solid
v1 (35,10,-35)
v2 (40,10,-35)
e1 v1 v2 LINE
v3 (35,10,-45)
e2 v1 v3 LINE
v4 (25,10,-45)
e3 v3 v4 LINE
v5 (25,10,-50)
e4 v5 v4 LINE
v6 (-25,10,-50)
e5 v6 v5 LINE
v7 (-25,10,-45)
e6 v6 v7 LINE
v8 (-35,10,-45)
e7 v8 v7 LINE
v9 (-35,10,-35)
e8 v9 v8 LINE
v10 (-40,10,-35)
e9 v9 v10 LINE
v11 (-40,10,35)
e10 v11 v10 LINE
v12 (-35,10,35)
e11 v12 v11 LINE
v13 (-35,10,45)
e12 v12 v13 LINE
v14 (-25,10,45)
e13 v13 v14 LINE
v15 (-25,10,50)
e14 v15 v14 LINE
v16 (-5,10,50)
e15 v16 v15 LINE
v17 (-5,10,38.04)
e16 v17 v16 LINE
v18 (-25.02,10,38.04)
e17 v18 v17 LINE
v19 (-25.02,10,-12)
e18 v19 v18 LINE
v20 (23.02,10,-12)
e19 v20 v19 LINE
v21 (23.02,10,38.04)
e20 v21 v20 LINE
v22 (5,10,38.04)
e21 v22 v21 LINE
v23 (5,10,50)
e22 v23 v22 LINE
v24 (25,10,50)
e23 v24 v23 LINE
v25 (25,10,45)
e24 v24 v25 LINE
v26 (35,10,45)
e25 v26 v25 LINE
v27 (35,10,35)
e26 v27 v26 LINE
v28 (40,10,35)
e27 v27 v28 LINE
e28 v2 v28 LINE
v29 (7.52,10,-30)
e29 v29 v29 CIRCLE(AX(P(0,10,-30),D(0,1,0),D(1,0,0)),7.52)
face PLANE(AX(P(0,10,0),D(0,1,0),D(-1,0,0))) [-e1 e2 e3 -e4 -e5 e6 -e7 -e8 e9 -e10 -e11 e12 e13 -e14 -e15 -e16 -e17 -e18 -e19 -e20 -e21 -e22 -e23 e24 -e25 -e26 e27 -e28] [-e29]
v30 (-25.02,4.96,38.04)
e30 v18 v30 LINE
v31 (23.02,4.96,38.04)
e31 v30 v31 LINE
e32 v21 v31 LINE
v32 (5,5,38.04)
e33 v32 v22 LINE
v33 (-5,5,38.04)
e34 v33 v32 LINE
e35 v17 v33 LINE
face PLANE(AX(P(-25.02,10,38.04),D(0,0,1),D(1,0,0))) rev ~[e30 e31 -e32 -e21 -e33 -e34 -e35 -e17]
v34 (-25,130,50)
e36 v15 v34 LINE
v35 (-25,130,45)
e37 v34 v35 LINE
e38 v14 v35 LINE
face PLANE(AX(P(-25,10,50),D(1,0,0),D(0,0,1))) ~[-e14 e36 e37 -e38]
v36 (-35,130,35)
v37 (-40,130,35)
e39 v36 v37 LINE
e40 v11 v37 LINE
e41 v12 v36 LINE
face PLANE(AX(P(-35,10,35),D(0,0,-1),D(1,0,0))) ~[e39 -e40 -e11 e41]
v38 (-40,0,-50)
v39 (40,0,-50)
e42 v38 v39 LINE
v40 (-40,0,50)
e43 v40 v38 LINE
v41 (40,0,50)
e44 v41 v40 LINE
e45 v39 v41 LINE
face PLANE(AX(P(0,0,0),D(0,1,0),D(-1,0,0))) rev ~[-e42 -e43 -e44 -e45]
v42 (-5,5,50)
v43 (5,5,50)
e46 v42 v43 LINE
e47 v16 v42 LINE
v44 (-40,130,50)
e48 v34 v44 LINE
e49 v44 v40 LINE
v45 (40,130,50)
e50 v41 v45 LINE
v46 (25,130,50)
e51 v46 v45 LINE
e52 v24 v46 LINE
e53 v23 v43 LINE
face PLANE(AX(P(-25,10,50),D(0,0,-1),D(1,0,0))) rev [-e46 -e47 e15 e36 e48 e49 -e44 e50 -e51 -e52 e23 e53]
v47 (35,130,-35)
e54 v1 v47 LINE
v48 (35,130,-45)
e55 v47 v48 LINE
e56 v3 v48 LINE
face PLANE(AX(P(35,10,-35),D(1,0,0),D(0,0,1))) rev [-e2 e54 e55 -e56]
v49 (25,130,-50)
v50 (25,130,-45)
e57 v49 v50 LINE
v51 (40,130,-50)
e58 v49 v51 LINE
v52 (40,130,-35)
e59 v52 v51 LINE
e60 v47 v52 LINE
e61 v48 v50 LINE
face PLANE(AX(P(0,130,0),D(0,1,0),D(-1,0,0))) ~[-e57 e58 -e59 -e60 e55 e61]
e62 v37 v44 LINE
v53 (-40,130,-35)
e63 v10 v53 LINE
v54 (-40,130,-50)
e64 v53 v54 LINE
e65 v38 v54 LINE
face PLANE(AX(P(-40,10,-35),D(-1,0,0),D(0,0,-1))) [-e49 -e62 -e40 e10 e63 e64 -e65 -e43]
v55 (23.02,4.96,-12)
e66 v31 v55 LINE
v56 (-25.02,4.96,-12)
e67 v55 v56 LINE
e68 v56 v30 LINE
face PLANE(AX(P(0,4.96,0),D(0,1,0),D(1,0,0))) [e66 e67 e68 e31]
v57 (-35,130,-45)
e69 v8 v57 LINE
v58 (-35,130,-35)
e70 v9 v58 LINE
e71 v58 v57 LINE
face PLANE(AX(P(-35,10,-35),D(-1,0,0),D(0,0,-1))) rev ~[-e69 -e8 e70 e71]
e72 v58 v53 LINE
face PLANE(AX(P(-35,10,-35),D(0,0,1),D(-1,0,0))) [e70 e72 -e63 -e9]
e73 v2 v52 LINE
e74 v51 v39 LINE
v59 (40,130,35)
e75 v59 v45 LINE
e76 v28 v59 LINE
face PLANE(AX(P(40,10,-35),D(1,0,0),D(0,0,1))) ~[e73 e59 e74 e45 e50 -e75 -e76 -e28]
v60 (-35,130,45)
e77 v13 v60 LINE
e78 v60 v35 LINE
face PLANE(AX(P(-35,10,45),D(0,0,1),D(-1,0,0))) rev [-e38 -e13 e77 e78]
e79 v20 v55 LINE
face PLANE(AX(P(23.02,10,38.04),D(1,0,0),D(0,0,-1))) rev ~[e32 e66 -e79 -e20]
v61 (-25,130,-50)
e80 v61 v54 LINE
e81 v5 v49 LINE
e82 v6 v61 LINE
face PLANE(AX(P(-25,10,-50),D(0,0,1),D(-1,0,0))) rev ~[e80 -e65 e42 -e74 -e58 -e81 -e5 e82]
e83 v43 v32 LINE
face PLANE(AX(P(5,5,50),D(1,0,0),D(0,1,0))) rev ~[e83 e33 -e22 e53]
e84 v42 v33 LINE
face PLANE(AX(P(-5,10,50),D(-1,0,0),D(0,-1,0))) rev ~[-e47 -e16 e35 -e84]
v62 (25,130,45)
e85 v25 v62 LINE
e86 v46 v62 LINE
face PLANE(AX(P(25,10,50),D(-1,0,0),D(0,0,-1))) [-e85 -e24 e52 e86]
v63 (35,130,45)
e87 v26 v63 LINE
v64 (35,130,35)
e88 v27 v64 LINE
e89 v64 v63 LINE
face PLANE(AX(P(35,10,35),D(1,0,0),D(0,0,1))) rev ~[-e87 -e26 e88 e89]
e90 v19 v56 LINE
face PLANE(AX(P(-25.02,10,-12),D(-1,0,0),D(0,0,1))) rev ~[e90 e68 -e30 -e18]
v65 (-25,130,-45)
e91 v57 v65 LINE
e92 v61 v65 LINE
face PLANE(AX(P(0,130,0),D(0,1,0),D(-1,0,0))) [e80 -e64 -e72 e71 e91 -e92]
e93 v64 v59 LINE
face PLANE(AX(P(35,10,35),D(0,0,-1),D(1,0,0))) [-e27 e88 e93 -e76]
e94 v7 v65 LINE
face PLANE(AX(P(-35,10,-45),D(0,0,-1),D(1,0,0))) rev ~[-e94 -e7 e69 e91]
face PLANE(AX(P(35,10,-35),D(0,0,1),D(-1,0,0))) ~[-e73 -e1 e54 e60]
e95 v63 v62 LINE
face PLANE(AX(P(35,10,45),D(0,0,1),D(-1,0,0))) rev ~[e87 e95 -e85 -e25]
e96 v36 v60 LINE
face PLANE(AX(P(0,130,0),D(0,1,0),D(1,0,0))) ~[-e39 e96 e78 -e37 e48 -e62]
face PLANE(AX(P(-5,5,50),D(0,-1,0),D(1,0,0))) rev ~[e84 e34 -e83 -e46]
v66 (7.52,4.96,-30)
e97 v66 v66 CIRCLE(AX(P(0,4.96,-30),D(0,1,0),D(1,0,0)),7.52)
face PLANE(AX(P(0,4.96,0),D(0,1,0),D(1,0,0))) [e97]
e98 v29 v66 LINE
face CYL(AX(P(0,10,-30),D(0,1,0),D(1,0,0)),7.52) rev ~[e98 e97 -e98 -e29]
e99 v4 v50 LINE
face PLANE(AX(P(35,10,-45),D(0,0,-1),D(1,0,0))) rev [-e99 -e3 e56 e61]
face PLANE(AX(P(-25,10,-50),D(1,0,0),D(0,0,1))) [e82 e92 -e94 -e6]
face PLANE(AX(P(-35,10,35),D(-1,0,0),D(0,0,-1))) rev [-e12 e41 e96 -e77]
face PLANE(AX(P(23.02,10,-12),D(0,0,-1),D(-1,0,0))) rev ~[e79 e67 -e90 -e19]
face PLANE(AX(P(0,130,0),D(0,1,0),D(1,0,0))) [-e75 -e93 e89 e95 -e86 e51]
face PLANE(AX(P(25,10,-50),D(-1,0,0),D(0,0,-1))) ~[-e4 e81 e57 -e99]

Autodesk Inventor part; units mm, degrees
ref_plane "YZ Plane" through (0, 0, 0) normal (1, 0, 0) x (0, 1, 0)
ref_plane "XZ Plane" through (0, 0, 0) normal (0, 1, 0) x (-1, 0, 0)
ref_plane "XY Plane" through (0, 0, 0) normal (0, 0, 1) x (1, 0, 0)
sketch "Sketch1" plane through (0, 0, 0) normal (0, 1, 0) x (-1, 0, 0)
  line L0 (-40, 50) -> (40, 50)
  line L1 (40, 50) -> (40, -50)
  line L2 (40, -50) -> (-40, -50)
  line L3 (-40, -50) -> (-40, 50)
  line L4 (-40, 50) -> (40, -50) construction
  line L5 (40, 50) -> (-40, -50) construction
  point P0 (0, 0)
  dimension "d0" = 100
  dimension "d1" = 80
extrude "Extrusion1" add sketch "Sketch1" along normal blind 10
sketch "Sketch2" plane through (0, 10, 0) normal (0, 1, 0) x (1, 0, 0)
  line L0 (-40, -50) -> (40, -50) projected
  line L1 (40, -50) -> (25, -50)
  line L2 (25, -50) -> (25, -35)
  line L3 (25, -35) -> (40, -35)
  line L4 (40, -35) -> (40, -50)
  line L5 (25, -35) -> (35, -35)
  line L6 (35, -35) -> (35, -45)
  line L7 (35, -45) -> (25, -45)
  line L8 (25, -45) -> (25, -35)
  point P0 (0, 0)
  dimension "d4" = 15
  dimension "d5" = 15
  dimension "d6" = 10
  dimension "d7" = 10
extrude "Extrusion2" add sketch "Sketch2" along normal blind 120 contours L2 L7 L6 L3 L4 L0
mirror "Mirror1" about plane through (0, 0, 0) normal (0, 0, 1) of "Extrusion2"
mirror "Mirror2" about plane through (0, 0, 0) normal (1, 0, 0) of "Extrusion2", "Mirror1"
sketch "Sketch3" plane through (0, 10, 0) normal (0, 1, 0) x (1, 0, 0)
  line L0 (-25.02, -38.04) -> (23.02, -38.04)
  line L1 (23.02, -38.04) -> (23.02, 12)
  line L2 (23.02, 12) -> (-25.02, 12)
  line L3 (-25.02, 12) -> (-25.02, -38.04)
  line L4 (25, 50) -> (-25, 50) projected
  point P0 (0, 0)
  dimension "d10" = 48.04
  dimension "d11" = 50.04
  dimension "d13" = 25.02
  dimension "d14" = 38
extrude "Extrusion3" cut sketch "Sketch3" against normal blind 5.04
sketch "Sketch4" plane through (0, 10, 0) normal (0, 1, 0) x (1, 0, 0)
  circle A0 centre (0, 30) radius 7.52
  line L0 (25, 50) -> (-25, 50) projected
  line L1 (-40, 35) -> (-40, -35) projected
  point P0 (0, 0)
  dimension "d17" = 15.04
  dimension "d18" = 20
  dimension "d19" = 40
extrude "Extrusion4" cut sketch "Sketch4" against normal blind 5.04
sketch "Sketch6" plane through (-40, 0, 50) normal (0, 0, 1) x (1, 0, 0)
  line L0 (63.02, 10) -> (14.98, 10) projected
  line L1 (65, 10) -> (65, 130) projected
  line L2 (35, 5) -> (45, 5)
  line L3 (45, 5) -> (45, 15)
  line L4 (45, 15) -> (35, 15)
  line L5 (35, 15) -> (35, 5)
  line L6 (35, 5) -> (45, 15) construction
  line L7 (45, 5) -> (35, 15) construction
  point P0 (40, 0)
  dimension "d24" = 10
  dimension "d25" = 10
  dimension "d26" = 20
  dimension "d27" = 5
extrude "Extrusion5" cut sketch "Sketch6" against normal blind 15
